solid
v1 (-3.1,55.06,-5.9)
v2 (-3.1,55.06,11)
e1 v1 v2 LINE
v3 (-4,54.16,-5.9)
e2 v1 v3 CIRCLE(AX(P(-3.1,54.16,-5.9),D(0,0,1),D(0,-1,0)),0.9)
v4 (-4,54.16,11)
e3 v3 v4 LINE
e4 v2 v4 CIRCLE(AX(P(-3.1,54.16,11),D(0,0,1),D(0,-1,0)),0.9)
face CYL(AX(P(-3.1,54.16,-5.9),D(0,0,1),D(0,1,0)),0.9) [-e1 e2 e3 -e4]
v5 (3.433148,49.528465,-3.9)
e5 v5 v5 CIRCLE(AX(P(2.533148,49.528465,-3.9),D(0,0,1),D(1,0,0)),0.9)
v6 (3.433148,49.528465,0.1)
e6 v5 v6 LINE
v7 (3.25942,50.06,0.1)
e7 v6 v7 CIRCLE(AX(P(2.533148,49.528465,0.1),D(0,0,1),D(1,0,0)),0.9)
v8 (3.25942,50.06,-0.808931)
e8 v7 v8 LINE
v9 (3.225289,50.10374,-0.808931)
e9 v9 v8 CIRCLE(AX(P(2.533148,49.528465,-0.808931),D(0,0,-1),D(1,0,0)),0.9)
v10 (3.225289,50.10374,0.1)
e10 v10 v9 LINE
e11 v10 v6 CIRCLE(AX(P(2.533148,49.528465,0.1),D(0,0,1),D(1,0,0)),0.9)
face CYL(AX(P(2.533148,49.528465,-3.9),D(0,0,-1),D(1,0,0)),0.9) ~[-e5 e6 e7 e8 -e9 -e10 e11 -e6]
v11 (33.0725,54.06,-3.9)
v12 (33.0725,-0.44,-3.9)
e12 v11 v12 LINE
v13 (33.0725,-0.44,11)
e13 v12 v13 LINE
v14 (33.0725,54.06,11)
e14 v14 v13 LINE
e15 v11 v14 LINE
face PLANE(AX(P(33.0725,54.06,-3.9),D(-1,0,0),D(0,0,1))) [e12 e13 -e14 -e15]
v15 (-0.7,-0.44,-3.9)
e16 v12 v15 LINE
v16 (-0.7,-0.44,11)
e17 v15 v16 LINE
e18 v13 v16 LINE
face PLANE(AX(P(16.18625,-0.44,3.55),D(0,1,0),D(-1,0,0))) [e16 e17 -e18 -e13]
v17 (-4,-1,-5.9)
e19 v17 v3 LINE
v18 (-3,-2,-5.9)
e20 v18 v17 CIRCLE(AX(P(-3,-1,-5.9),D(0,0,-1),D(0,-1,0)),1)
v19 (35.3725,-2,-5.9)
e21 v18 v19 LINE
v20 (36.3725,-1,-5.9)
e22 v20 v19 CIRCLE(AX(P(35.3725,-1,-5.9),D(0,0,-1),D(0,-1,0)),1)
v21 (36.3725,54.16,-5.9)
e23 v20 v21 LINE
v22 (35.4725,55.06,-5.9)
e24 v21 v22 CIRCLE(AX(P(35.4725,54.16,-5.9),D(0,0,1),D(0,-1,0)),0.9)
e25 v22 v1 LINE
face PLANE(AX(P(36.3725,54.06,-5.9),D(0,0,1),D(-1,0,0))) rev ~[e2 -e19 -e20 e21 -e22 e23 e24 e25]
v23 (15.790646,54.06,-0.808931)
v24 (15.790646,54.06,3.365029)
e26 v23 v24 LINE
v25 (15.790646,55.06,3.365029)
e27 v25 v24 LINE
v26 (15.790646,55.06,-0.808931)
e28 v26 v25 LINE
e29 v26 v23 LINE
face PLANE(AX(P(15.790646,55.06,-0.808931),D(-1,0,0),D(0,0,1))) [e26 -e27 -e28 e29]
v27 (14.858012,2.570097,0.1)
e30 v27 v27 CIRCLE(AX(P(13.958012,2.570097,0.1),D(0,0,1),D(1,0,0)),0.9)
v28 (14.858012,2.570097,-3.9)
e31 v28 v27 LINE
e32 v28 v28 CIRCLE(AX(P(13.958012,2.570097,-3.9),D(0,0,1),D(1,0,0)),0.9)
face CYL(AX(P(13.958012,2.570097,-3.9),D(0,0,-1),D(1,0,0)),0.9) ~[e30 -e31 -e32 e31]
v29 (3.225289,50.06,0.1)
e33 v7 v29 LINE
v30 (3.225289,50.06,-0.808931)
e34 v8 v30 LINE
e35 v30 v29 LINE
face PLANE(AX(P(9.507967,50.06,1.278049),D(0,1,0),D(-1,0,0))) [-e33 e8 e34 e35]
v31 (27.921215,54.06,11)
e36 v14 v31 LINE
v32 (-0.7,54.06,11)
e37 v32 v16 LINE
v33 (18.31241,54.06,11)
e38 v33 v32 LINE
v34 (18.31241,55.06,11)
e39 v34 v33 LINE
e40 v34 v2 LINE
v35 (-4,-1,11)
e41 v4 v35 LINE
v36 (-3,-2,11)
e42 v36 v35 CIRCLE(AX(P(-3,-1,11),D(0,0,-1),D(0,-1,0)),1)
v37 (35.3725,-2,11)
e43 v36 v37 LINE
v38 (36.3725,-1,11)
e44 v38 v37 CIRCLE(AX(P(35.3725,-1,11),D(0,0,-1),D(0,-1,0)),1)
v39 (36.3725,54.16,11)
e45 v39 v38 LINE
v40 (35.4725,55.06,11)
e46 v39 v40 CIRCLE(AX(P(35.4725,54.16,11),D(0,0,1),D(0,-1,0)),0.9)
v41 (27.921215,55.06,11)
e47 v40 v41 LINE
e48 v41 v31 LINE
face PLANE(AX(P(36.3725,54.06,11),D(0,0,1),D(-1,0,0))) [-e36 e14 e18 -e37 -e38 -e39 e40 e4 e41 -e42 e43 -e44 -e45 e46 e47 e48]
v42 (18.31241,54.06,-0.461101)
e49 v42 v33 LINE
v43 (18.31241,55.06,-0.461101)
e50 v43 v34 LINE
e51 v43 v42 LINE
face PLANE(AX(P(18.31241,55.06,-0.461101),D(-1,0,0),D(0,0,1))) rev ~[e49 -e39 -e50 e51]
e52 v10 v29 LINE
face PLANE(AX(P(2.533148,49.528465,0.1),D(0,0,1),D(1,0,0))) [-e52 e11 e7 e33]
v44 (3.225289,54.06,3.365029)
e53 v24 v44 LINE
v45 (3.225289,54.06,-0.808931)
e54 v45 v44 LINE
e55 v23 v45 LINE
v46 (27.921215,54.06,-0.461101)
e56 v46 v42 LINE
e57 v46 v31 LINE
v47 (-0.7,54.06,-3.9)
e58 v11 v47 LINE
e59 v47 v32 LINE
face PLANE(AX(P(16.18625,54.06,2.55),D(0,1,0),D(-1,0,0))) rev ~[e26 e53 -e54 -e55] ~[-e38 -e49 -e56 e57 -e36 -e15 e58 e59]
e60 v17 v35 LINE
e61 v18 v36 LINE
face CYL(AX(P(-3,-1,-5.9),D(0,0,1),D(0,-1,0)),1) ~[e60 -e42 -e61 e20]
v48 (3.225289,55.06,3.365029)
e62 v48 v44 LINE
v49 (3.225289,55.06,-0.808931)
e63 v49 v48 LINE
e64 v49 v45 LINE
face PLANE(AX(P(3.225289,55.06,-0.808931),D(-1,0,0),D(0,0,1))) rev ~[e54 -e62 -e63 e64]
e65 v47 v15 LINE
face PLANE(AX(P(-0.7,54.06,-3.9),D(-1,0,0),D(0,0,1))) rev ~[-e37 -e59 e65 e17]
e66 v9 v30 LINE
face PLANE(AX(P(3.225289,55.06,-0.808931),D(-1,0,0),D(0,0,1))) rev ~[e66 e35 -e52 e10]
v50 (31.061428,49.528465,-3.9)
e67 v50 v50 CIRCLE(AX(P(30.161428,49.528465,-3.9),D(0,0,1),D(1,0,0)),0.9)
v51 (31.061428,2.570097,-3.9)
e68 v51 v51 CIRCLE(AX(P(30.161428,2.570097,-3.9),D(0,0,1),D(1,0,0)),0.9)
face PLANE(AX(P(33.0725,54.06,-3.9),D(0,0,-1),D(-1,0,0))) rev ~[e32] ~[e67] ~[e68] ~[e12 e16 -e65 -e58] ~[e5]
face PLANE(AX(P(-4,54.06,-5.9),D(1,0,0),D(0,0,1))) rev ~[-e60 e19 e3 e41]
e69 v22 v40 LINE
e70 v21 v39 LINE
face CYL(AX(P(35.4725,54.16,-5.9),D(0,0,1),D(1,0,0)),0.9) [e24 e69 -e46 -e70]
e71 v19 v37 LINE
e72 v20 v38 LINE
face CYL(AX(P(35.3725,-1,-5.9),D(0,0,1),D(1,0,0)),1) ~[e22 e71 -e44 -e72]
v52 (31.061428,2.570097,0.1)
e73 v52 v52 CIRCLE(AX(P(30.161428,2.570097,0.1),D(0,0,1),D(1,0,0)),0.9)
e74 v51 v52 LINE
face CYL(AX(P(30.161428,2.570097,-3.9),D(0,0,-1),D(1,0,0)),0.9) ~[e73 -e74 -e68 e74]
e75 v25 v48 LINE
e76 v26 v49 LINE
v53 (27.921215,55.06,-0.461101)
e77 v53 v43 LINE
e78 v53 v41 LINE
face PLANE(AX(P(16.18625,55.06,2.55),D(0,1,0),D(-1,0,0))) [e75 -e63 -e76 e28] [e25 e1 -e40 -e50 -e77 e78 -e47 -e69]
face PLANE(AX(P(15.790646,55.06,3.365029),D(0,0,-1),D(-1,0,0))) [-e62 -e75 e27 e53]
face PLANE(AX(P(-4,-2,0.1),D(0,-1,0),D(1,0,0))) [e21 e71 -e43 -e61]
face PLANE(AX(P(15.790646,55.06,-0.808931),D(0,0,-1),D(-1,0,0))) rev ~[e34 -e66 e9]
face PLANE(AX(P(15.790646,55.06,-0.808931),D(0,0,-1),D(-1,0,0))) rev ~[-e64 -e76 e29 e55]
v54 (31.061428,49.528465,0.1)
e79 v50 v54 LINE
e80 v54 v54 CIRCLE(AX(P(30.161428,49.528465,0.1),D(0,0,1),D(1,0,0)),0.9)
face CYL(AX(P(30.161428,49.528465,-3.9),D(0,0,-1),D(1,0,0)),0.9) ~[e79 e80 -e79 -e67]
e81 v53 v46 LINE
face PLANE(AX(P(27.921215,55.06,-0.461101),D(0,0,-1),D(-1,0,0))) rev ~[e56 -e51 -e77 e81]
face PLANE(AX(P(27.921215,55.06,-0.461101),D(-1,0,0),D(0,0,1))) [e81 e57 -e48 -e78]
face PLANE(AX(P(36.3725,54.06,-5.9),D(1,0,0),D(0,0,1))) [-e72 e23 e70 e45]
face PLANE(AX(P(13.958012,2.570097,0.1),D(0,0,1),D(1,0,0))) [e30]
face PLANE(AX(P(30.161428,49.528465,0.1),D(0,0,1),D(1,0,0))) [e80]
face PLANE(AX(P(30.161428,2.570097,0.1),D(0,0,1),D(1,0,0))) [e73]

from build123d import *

# Parameters (mm, degrees)
SKETCH_W          = 32.3725
SKETCH_H          = 52.06
SKETCH_R          = 0.6
SKETCH_R_2        = 0.51
SKETCH_R_3        = 1.27
SKETCH_R_4        = 0.45
SKETCH_R_5        = 0.4
SKETCH_R_6        = 0.85
SKETCH_R_7        = 1
SKETCH_R_8        = 0.65
SKETCH_R_9        = 0.405
SKETCH_R_10       = 0.55
SKETCH_R_11       = 0.5
PAD_DEPTH         = 0.1
SKETCH002_W       = 40.3725
SKETCH002_H       = 56.06
PAD001_DEPTH      = 10.9
PAD001_DEPTH_BACK = 6
SKETCH003_W       = 33.7725
SKETCH003_H       = 14.9
POCKET_DEPTH      = 54.5
SKETCH004_R       = 0.9
PAD002_DEPTH      = 4
SKETCH005_W       = 40.3725
SKETCH005_H       = 16.9
PAD003_DEPTH      = 1
SKETCH006_W       = 12.565357
SKETCH006_H       = 4.17396
SKETCH006_W_2     = 9.608805
SKETCH006_H_2     = 11.565347
POCKET001_DEPTH   = 5
FILLET_R          = 1
FILLET001_R       = 1
FILLET002_R       = 0.9
FILLET003_R       = 0.9


with BuildPart() as part:
    # Sketch → Pad (new body)
    with BuildSketch(Plane.XY):
        with Locations((16.18625, 26.03)):
            Rectangle(SKETCH_W, SKETCH_H)
        with Locations((8.1, 2.23)):
            Circle(SKETCH_R, mode=Mode.SUBTRACT)
        with Locations((8.26, 43.82)):
            Circle(SKETCH_R_2, mode=Mode.SUBTRACT)
        with Locations((13.97, 2.54)):
            Circle(SKETCH_R_3, mode=Mode.SUBTRACT)
        with Locations((17.78, 35.56)):
            Circle(SKETCH_R_4, mode=Mode.SUBTRACT)
        with Locations((16.19, 22.23)):
            Circle(SKETCH_R_5, mode=Mode.SUBTRACT)
        with Locations((16.19, 24.77)):
            Circle(SKETCH_R_5, mode=Mode.SUBTRACT)
        with Locations((13.65, 22.23)):
            Circle(SKETCH_R_5, mode=Mode.SUBTRACT)
        with Locations((13.65, 24.77)):
            Circle(SKETCH_R_5, mode=Mode.SUBTRACT)
        with Locations((15.24, 35.56)):
            Circle(SKETCH_R_4, mode=Mode.SUBTRACT)
        with Locations((10.55, 31.43)):
            Circle(SKETCH_R_6, mode=Mode.SUBTRACT)
        with Locations((10.55, 6.03)):
            Circle(SKETCH_R_6, mode=Mode.SUBTRACT)
        with Locations((17.36, 11.6275)):
            Circle(SKETCH_R_7, mode=Mode.SUBTRACT)
        with Locations((13.65, 19.69)):
            Circle(SKETCH_R_5, mode=Mode.SUBTRACT)
        with Locations((16.19, 19.69)):
            Circle(SKETCH_R_5, mode=Mode.SUBTRACT)
        with Locations((13.34, 43.82)):
            Circle(SKETCH_R_2, mode=Mode.SUBTRACT)
        with Locations((10.79, 43.82)):
            Circle(SKETCH_R_2, mode=Mode.SUBTRACT)
        with Locations((18.41, 41.91)):
            Circle(SKETCH_R_8, mode=Mode.SUBTRACT)
        with Locations((30.1625, 2.54)):
            Circle(SKETCH_R_3, mode=Mode.SUBTRACT)
        with Locations((28.36, 11.6275)):
            Circle(SKETCH_R_7, mode=Mode.SUBTRACT)
        with Locations((29.21, 29.53)):
            Circle(SKETCH_R_9, mode=Mode.SUBTRACT)
        with Locations((29.21, 24.45)):
            Circle(SKETCH_R_9, mode=Mode.SUBTRACT)
        with Locations((29.21, 16.83)):
            Circle(SKETCH_R_9, mode=Mode.SUBTRACT)
        with Locations((25.36, 23.54)):
            Circle(SKETCH_R_10, mode=Mode.SUBTRACT)
        with Locations((25.36, 1.63)):
            Circle(SKETCH_R_11, mode=Mode.SUBTRACT)
        with Locations((25.36, 4.13)):
            Circle(SKETCH_R_11, mode=Mode.SUBTRACT)
        with Locations((25.36, 28.54)):
            Circle(SKETCH_R_10, mode=Mode.SUBTRACT)
        with Locations((22.86, 1.63)):
            Circle(SKETCH_R_11, mode=Mode.SUBTRACT)
        with Locations((22.86, 4.13)):
            Circle(SKETCH_R_11, mode=Mode.SUBTRACT)
        with Locations((20.36, 1.63)):
            Circle(SKETCH_R_11, mode=Mode.SUBTRACT)
        with Locations((20.36, 4.13)):
            Circle(SKETCH_R_11, mode=Mode.SUBTRACT)
        with Locations((20.32, 35.56)):
            Circle(SKETCH_R_4, mode=Mode.SUBTRACT)
        with Locations((20.36, 23.54)):
            Circle(SKETCH_R_10, mode=Mode.SUBTRACT)
        with Locations((20.36, 28.54)):
            Circle(SKETCH_R_10, mode=Mode.SUBTRACT)
        with Locations((23.12, 44.91)):
            Circle(SKETCH_R_8, mode=Mode.SUBTRACT)
        with Locations((23.12, 38.91)):
            Circle(SKETCH_R_8, mode=Mode.SUBTRACT)
        with Locations((29.21, 37.15)):
            Circle(SKETCH_R_9, mode=Mode.SUBTRACT)
        with Locations((30.1625, 49.53)):
            Circle(SKETCH_R_3, mode=Mode.SUBTRACT)
        with Locations((4.6, 35.23)):
            Circle(SKETCH_R, mode=Mode.SUBTRACT)
        with Locations((4.6, 2.23)):
            Circle(SKETCH_R, mode=Mode.SUBTRACT)
        with Locations((5.71, 43.82)):
            Circle(SKETCH_R_2, mode=Mode.SUBTRACT)
        with Locations((2.15, 7.33)):
            Circle(SKETCH_R_6, mode=Mode.SUBTRACT)
        with Locations((2.54, 49.53)):
            Circle(SKETCH_R_3, mode=Mode.SUBTRACT)
        with Locations((2.15, 30.13)):
            Circle(SKETCH_R_6, mode=Mode.SUBTRACT)
    extrude(amount=PAD_DEPTH)

    # Sketch002 → Pad001 (new body, two sides)
    with BuildSketch(Plane.XY.offset(0.1)) as pad001_sk:
        with Locations((16.18625, 26.03)):
            Rectangle(SKETCH002_W, SKETCH002_H)
    extrude(amount=PAD001_DEPTH)
    extrude(pad001_sk.sketch, amount=-PAD001_DEPTH_BACK)

    # Sketch003 → Pocket (cut)
    with BuildSketch(Plane(origin=(0, 54.06, 0), x_dir=(-1, 0, 0), z_dir=(0, 1, 0))):
        with Locations((-16.18625, 3.55)):
            Rectangle(SKETCH003_W, SKETCH003_H)
    extrude(amount=-POCKET_DEPTH, mode=Mode.SUBTRACT)

    # Sketch004 → Pad002 (new body)
    with BuildSketch(Plane.XY.offset(-3.9)):
        with Locations((2.533148, 49.528465)):
            Circle(SKETCH004_R)
        with Locations((30.161428, 49.528465)):
            Circle(SKETCH004_R)
        with Locations((30.161428, 2.570097)):
            Circle(SKETCH004_R)
        with Locations((13.958012, 2.570097)):
            Circle(SKETCH004_R)
    extrude(amount=PAD002_DEPTH)

    # Sketch005 → Pad003 (new body)
    with BuildSketch(Plane(origin=(0, 54.06, 0), x_dir=(-1, 0, 0), z_dir=(0, 1, 0))):
        with Locations((-16.18625, 2.55)):
            Rectangle(SKETCH005_W, SKETCH005_H)
    extrude(amount=PAD003_DEPTH)

    # Sketch006 → Pocket001 (cut)
    with BuildSketch(Plane(origin=(0, 55.06, 0), x_dir=(-1, 0, 0), z_dir=(0, 1, 0))):
        with Locations((-9.507967, 1.278049)):
            Rectangle(SKETCH006_W, SKETCH006_H)
        with Locations((-23.116813, 5.321573)):
            Rectangle(SKETCH006_W_2, SKETCH006_H_2)
    extrude(amount=-POCKET001_DEPTH, mode=Mode.SUBTRACT)

    # Fillet
    fillet_edges = [part.edges().sort_by_distance(p)[0] for p in [
        (36.3725, -2, 2.55),
    ]]
    fillet(fillet_edges, radius=FILLET_R)

    # Fillet001
    fillet001_edges = [part.edges().sort_by_distance(p)[0] for p in [
        (-4, -2, 2.55),
    ]]
    fillet(fillet001_edges, radius=FILLET001_R)

    # Fillet002
    fillet002_edges = [part.edges().sort_by_distance(p)[0] for p in [
        (36.3725, 55.06, 2.55),
    ]]
    fillet(fillet002_edges, radius=FILLET002_R)

    # Fillet003
    fillet003_edges = [part.edges().sort_by_distance(p)[0] for p in [
        (-4, 55.06, 2.55),
    ]]
    fillet(fillet003_edges, radius=FILLET003_R)


solid = part.part
